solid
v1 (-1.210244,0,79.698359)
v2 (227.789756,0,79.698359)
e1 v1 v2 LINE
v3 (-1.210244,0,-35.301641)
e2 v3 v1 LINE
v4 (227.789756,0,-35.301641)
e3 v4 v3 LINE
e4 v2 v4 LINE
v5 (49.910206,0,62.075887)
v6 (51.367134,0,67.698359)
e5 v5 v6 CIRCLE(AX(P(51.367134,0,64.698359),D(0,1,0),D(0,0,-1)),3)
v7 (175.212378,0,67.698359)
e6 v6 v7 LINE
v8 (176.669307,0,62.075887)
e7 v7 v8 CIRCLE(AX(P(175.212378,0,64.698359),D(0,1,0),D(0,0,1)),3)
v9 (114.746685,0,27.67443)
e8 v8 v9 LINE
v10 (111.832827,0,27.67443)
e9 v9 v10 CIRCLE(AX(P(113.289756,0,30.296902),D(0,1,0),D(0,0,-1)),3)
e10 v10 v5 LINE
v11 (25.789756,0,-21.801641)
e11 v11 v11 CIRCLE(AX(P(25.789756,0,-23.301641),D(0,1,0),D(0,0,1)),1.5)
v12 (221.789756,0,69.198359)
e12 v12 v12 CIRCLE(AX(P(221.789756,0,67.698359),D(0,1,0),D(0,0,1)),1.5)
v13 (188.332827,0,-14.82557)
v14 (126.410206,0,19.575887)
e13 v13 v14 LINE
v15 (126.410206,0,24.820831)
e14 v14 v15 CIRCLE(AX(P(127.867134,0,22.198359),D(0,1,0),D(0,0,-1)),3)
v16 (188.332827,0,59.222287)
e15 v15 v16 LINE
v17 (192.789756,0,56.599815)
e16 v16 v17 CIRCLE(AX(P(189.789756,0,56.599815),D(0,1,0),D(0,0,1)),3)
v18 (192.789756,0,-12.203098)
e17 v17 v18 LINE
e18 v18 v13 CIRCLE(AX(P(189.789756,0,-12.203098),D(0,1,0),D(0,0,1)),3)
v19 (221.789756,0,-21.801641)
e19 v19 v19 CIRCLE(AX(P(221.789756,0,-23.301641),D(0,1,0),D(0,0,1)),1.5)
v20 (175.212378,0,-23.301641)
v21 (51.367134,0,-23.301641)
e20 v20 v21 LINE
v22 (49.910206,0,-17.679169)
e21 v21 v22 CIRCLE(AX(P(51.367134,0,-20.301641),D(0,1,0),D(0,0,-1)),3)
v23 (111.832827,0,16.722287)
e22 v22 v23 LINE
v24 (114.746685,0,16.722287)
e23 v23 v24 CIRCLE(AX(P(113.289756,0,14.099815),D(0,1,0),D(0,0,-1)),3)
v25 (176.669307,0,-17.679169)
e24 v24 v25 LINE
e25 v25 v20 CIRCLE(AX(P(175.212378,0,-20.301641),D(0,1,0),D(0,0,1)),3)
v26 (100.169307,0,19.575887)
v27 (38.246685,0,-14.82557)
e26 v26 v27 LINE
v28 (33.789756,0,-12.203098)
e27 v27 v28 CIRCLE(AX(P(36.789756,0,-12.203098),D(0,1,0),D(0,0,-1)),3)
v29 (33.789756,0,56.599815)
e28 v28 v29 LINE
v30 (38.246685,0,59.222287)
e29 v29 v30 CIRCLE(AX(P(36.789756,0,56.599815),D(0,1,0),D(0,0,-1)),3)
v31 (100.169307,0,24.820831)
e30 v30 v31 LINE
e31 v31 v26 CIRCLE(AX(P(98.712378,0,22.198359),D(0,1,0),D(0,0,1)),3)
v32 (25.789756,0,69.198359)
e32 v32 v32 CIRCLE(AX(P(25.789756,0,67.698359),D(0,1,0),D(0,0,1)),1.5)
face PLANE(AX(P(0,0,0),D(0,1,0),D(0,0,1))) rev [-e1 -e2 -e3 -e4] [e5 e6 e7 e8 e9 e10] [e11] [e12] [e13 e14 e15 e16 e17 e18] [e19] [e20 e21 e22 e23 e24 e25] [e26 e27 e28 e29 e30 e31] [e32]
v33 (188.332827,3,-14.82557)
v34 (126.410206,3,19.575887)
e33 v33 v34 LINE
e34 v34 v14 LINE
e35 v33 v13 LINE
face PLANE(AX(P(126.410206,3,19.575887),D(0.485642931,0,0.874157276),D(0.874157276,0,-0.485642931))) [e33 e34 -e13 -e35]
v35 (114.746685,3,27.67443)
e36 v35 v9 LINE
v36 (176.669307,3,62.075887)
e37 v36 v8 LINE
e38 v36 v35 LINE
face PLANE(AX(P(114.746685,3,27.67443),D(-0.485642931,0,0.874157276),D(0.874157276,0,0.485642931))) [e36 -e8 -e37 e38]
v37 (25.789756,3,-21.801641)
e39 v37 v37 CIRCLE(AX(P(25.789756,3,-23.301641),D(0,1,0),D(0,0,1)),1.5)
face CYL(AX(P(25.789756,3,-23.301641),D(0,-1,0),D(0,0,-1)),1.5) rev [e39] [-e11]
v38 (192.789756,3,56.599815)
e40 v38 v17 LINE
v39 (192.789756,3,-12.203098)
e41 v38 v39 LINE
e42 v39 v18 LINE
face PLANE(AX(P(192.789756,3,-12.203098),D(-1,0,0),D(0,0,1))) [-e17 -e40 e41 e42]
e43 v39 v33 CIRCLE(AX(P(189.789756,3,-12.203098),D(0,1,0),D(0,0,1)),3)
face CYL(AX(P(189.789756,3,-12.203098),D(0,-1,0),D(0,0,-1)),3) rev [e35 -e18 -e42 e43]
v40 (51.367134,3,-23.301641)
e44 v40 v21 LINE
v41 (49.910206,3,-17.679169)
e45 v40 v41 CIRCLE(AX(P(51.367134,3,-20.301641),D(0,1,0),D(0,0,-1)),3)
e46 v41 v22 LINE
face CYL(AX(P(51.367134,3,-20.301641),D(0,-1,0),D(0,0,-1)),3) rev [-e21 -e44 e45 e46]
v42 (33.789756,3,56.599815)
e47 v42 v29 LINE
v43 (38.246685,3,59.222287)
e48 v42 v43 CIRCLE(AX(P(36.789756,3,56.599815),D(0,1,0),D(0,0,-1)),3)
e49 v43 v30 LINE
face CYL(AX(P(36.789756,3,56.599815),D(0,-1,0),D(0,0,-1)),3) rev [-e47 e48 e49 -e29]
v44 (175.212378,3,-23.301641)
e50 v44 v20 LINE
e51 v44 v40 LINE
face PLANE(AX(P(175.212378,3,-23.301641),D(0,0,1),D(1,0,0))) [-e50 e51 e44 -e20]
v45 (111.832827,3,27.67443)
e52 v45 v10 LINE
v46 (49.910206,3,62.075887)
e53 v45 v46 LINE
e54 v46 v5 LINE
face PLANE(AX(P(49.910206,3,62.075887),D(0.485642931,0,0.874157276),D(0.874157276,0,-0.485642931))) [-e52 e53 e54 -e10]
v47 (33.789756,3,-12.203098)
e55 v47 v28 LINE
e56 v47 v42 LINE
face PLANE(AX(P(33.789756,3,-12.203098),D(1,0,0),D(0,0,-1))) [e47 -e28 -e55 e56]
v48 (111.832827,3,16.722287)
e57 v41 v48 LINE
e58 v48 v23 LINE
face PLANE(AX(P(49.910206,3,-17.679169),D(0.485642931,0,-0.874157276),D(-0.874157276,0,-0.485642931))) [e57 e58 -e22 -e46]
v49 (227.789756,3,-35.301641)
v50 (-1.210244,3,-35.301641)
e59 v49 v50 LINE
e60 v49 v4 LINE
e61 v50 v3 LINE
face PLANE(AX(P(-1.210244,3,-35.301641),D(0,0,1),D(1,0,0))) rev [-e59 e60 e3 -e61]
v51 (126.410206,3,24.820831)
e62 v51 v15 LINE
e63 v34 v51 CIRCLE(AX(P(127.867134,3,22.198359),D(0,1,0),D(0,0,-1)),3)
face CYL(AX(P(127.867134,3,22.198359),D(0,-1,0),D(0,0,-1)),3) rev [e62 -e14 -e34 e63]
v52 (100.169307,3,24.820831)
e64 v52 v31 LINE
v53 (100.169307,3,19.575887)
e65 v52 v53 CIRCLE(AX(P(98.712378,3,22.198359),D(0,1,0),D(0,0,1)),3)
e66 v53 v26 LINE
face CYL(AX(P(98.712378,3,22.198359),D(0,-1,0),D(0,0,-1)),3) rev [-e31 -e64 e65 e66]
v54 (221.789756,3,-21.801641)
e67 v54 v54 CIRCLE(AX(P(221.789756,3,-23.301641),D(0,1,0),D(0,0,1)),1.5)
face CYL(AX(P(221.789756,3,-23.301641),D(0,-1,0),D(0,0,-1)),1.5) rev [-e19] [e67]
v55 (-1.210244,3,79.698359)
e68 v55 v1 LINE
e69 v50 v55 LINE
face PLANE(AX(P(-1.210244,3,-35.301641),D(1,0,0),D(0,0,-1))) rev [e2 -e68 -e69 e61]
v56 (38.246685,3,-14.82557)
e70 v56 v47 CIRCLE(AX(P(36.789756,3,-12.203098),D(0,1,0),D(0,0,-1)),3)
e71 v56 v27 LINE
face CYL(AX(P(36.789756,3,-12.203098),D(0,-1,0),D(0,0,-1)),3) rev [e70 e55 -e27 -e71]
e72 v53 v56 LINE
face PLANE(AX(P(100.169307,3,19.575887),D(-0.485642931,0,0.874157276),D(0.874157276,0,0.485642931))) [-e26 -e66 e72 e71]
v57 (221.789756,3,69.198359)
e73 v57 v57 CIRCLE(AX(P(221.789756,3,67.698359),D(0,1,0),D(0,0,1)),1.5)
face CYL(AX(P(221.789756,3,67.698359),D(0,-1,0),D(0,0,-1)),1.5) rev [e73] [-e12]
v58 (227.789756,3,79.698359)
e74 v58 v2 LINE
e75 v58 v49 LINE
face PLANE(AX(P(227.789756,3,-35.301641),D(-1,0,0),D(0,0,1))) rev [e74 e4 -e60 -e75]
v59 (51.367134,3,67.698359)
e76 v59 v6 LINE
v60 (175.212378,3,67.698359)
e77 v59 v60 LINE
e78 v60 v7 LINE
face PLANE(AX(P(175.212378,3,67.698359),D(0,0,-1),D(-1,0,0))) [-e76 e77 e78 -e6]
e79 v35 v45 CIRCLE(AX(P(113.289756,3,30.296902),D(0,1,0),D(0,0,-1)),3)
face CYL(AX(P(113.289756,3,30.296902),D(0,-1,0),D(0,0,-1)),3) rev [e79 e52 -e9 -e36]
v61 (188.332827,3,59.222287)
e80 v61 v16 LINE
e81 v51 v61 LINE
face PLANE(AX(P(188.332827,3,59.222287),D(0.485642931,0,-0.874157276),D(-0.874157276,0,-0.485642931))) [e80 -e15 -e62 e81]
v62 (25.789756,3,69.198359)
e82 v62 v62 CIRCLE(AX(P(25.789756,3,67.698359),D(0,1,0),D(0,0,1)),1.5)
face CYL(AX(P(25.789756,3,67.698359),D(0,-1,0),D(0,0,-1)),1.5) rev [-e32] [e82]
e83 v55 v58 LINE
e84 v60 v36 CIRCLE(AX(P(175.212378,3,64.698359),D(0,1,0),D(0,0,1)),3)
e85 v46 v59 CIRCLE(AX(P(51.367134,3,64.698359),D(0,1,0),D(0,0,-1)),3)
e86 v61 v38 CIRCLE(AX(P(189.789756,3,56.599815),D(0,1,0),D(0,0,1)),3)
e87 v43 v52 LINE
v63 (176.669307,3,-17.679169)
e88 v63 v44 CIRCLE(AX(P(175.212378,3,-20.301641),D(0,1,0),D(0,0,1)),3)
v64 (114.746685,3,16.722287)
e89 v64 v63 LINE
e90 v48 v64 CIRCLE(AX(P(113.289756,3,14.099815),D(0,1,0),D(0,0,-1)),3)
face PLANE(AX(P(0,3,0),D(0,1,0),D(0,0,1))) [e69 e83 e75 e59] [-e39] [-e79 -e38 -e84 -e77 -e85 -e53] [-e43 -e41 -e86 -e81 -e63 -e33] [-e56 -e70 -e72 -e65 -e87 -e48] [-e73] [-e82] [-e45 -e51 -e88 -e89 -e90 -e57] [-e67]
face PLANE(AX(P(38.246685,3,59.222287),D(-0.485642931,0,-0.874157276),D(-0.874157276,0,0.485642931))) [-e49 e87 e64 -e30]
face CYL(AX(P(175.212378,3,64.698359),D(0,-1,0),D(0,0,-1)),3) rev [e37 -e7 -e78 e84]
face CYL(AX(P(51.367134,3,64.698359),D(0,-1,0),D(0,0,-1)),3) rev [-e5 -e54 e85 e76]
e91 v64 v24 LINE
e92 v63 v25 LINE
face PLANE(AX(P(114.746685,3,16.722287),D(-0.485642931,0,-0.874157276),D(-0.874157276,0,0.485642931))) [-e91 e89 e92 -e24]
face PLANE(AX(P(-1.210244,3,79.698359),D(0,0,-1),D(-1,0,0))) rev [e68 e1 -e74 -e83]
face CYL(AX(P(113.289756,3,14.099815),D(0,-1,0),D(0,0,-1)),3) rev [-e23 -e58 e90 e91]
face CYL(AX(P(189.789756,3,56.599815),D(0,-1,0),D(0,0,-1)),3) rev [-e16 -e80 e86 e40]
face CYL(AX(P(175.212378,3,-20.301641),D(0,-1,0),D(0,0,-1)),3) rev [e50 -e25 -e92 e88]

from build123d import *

# Parameters (mm, degrees)
SKETCH_1_W      = 229
SKETCH_1_H      = 115
SKETCH_1_R      = 1.5
EXTRUDE_6_DEPTH = 3


with BuildPart() as part:
    # 草图1 → 凸台-拉伸6 (new body)
    with BuildSketch(Plane(origin=(0, 0, 0), x_dir=(1, 0, 0), z_dir=(0, 1, 0))):
        with Locations((113.28975623, -22.19835875)):
            Rectangle(SKETCH_1_W, SKETCH_1_H)
        with Locations(Location((25.78975623, 23.30164125, 0), (0, 0, 270))):
            Circle(SKETCH_1_R, mode=Mode.SUBTRACT)
        with Locations(Location((25.78975623, -67.69835875, 0), (0, 0, 270))):
            Circle(SKETCH_1_R, mode=Mode.SUBTRACT)
        with Locations(Location((221.78975623, 23.30164125, 0), (0, 0, 270))):
            Circle(SKETCH_1_R, mode=Mode.SUBTRACT)
        with Locations(Location((221.78975623, -67.69835875, 0), (0, 0, 270))):
            Circle(SKETCH_1_R, mode=Mode.SUBTRACT)
        with BuildLine():
            Line((49.910205521, 17.679169422), (111.832827436, -16.722287198))
            ThreePointArc((111.832827436, -16.722287198), (113.28975623, -17.099815369), (114.746685023, -16.722287198))
            Line((114.746685023, -16.722287198), (176.669306939, 17.679169422))
            ThreePointArc((176.669306939, 17.679169422), (178.11646281, 21.054165175), (175.212378145, 23.30164125))
            Line((175.212378145, 23.30164125), (51.367134314, 23.30164125))
            ThreePointArc((51.367134314, 23.30164125), (48.463049649, 21.054165175), (49.910205521, 17.679169422))
        make_face(mode=Mode.SUBTRACT)
        with BuildLine():
            Line((192.78975623, 12.20309787), (192.78975623, -56.599815369))
            ThreePointArc((192.78975623, -56.599815369), (191.311139419, -59.185428099), (188.332827436, -59.222287198))
            Line((188.332827436, -59.222287198), (126.410205521, -24.820830578))
            ThreePointArc((126.410205521, -24.820830578), (124.867134314, -22.19835875), (126.410205521, -19.575886921))
            Line((126.410205521, -19.575886921), (188.332827436, 14.825569699))
            ThreePointArc((188.332827436, 14.825569699), (191.311139419, 14.7887106), (192.78975623, 12.20309787))
        make_face(mode=Mode.SUBTRACT)
        with BuildLine():
            Line((114.746685023, -27.674430301), (176.669306939, -62.075886921))
            ThreePointArc((176.669306939, -62.075886921), (178.11646281, -65.450882674), (175.212378145, -67.69835875))
            Line((175.212378145, -67.69835875), (51.367134314, -67.69835875))
            ThreePointArc((51.367134314, -67.69835875), (48.463049649, -65.450882674), (49.910205521, -62.075886921))
            Line((49.910205521, -62.075886921), (111.832827436, -27.674430301))
            ThreePointArc((111.832827436, -27.674430301), (113.28975623, -27.29690213), (114.746685023, -27.674430301))
        make_face(mode=Mode.SUBTRACT)
        with BuildLine():
            Line((100.169306939, -19.575886921), (38.246685023, 14.825569699))
            ThreePointArc((38.246685023, 14.825569699), (35.26837304, 14.7887106), (33.78975623, 12.20309787))
            Line((33.78975623, 12.20309787), (33.78975623, -56.599815369))
            ThreePointArc((33.78975623, -56.599815369), (35.26837304, -59.185428099), (38.246685023, -59.222287198))
            Line((38.246685023, -59.222287198), (100.169306939, -24.820830578))
            ThreePointArc((100.169306939, -24.820830578), (101.712378145, -22.19835875), (100.169306939, -19.575886921))
        make_face(mode=Mode.SUBTRACT)
    extrude(amount=EXTRUDE_6_DEPTH)


solid = part.part
